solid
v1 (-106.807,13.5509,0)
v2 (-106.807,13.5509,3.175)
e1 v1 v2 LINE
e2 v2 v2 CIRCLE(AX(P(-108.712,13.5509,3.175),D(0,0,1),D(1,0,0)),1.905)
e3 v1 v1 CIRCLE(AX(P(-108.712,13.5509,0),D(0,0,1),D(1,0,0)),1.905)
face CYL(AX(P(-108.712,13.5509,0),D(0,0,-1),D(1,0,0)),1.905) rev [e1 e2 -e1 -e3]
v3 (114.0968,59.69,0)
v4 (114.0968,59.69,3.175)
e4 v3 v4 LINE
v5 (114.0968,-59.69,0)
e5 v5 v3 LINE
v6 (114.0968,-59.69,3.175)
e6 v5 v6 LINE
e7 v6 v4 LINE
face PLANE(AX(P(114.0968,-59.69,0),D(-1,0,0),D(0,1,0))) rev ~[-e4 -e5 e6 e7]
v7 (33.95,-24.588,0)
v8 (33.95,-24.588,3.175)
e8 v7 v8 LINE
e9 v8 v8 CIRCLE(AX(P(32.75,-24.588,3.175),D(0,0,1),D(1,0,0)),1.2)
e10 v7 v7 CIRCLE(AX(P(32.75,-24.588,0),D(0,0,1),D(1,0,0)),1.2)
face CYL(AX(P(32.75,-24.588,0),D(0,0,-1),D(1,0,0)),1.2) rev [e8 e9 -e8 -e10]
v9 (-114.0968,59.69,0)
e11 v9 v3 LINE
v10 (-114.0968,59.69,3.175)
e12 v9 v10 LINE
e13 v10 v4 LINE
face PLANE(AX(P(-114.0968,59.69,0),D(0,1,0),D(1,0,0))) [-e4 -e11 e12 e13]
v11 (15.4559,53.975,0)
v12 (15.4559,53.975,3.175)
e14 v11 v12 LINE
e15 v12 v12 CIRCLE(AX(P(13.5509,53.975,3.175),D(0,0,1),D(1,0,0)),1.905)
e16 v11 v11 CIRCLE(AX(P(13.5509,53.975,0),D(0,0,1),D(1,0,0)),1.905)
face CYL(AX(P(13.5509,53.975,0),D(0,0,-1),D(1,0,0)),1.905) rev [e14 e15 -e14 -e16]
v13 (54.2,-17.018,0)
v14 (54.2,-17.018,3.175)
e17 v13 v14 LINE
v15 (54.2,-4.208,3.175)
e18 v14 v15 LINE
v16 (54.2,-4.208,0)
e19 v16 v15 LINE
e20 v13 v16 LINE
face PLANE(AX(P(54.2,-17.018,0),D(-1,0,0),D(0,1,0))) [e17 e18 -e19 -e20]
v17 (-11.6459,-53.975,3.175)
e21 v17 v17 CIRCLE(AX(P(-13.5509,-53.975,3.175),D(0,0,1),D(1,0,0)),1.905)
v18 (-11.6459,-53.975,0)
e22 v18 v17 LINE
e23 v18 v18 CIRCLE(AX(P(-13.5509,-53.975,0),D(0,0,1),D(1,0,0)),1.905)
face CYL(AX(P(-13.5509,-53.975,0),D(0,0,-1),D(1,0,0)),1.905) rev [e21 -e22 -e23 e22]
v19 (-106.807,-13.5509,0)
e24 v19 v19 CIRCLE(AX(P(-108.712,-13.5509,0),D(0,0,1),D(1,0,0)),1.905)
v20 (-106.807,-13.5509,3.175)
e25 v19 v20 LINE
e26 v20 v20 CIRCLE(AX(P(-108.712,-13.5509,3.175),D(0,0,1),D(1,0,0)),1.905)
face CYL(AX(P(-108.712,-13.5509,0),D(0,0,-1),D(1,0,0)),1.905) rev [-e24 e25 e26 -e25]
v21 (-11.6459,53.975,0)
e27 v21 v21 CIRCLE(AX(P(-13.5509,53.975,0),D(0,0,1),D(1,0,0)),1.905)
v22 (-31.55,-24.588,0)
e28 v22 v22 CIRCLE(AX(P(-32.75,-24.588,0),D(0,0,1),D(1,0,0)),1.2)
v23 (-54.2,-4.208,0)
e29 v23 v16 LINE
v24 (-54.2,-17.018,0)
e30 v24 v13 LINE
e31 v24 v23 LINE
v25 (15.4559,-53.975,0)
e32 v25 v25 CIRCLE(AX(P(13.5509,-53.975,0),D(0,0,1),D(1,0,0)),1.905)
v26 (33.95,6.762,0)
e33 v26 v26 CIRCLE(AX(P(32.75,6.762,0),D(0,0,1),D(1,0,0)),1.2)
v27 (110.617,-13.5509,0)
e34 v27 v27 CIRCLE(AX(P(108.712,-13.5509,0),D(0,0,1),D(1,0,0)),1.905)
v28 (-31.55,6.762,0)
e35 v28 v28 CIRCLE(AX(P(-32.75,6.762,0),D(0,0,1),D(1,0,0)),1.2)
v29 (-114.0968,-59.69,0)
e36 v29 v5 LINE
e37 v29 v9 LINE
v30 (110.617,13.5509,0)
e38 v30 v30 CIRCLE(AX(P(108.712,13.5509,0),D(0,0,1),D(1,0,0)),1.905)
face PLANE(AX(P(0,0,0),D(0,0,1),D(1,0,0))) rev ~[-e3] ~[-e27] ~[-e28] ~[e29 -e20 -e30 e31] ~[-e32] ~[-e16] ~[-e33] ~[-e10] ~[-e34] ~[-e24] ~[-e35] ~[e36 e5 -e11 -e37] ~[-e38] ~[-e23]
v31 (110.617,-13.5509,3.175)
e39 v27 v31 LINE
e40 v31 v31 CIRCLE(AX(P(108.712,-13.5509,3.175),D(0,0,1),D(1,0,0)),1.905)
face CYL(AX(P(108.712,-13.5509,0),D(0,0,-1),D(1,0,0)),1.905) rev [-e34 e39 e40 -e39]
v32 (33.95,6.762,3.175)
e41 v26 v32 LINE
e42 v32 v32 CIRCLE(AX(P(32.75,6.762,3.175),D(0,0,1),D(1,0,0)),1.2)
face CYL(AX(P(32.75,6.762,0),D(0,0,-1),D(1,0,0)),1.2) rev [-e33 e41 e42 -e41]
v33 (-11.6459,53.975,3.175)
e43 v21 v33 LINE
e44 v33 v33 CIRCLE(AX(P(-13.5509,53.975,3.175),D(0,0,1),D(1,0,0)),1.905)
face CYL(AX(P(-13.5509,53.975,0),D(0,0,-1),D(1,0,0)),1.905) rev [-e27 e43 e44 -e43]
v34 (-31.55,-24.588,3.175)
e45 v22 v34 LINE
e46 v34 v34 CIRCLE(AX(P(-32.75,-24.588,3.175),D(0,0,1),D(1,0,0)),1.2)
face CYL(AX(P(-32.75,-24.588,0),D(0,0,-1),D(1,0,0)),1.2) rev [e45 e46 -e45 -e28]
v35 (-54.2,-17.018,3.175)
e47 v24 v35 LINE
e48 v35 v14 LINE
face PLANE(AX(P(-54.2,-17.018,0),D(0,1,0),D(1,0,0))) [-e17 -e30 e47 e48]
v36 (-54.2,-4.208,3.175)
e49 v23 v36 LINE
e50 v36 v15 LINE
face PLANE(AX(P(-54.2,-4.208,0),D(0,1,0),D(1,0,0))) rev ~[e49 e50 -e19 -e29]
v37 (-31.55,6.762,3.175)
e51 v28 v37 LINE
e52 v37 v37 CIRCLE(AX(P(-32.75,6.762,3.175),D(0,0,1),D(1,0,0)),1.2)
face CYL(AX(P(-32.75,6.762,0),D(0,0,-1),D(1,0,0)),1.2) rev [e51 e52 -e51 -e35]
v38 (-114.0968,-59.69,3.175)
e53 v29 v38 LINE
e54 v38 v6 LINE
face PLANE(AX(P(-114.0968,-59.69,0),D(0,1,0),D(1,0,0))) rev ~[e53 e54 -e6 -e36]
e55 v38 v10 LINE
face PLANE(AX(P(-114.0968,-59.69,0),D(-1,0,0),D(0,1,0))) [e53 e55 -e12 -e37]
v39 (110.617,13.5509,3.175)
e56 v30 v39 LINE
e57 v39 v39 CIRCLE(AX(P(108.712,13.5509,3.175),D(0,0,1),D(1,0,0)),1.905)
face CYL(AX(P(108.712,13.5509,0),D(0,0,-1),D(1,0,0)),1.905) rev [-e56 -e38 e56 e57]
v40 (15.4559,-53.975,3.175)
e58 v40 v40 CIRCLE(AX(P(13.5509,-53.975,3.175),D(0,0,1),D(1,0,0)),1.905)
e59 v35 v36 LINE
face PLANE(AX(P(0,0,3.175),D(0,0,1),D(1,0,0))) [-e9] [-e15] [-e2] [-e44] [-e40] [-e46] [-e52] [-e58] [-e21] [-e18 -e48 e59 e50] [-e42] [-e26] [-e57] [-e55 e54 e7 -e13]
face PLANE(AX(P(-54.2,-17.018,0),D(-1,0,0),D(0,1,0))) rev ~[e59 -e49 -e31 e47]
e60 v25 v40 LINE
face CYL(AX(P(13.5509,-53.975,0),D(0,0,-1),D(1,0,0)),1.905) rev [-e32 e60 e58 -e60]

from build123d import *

# Parameters (mm, degrees)
SKETCH1_W           = 228.1936
SKETCH1_H           = 119.38
SKETCH1_R           = 1.905
SKETCH1_R_2         = 1.2
SKETCH1_W_2         = 108.4
SKETCH1_H_2         = 12.81
BOSS_EXTRUDE1_DEPTH = 3.175


with BuildPart() as part:
    # Sketch1 → Boss-Extrude1 (new body)
    with BuildSketch(Plane.XY):
        Rectangle(SKETCH1_W, SKETCH1_H)
        with Locations((-108.712, 13.5509)):
            Circle(SKETCH1_R, mode=Mode.SUBTRACT)
        with Locations((-108.712, -13.5509)):
            Circle(SKETCH1_R, mode=Mode.SUBTRACT)
        with Locations((108.712, -13.5509)):
            Circle(SKETCH1_R, mode=Mode.SUBTRACT)
        with Locations((108.712, 13.5509)):
            Circle(SKETCH1_R, mode=Mode.SUBTRACT)
        with Locations((-32.75, 6.761999938)):
            Circle(SKETCH1_R_2, mode=Mode.SUBTRACT)
        with Locations((32.75, 6.761999938)):
            Circle(SKETCH1_R_2, mode=Mode.SUBTRACT)
        with Locations((32.75, -24.5880001)):
            Circle(SKETCH1_R_2, mode=Mode.SUBTRACT)
        with Locations((-32.75, -24.5880001)):
            Circle(SKETCH1_R_2, mode=Mode.SUBTRACT)
        with Locations((-13.5509, 53.975)):
            Circle(SKETCH1_R, mode=Mode.SUBTRACT)
        with Locations((13.5509, 53.975)):
            Circle(SKETCH1_R, mode=Mode.SUBTRACT)
        with Locations((13.5509, -53.975)):
            Circle(SKETCH1_R, mode=Mode.SUBTRACT)
        with Locations((-13.5509, -53.975)):
            Circle(SKETCH1_R, mode=Mode.SUBTRACT)
        with Locations((0, -10.613)):
            Rectangle(SKETCH1_W_2, SKETCH1_H_2, mode=Mode.SUBTRACT)
    extrude(amount=BOSS_EXTRUDE1_DEPTH)


solid = part.part
